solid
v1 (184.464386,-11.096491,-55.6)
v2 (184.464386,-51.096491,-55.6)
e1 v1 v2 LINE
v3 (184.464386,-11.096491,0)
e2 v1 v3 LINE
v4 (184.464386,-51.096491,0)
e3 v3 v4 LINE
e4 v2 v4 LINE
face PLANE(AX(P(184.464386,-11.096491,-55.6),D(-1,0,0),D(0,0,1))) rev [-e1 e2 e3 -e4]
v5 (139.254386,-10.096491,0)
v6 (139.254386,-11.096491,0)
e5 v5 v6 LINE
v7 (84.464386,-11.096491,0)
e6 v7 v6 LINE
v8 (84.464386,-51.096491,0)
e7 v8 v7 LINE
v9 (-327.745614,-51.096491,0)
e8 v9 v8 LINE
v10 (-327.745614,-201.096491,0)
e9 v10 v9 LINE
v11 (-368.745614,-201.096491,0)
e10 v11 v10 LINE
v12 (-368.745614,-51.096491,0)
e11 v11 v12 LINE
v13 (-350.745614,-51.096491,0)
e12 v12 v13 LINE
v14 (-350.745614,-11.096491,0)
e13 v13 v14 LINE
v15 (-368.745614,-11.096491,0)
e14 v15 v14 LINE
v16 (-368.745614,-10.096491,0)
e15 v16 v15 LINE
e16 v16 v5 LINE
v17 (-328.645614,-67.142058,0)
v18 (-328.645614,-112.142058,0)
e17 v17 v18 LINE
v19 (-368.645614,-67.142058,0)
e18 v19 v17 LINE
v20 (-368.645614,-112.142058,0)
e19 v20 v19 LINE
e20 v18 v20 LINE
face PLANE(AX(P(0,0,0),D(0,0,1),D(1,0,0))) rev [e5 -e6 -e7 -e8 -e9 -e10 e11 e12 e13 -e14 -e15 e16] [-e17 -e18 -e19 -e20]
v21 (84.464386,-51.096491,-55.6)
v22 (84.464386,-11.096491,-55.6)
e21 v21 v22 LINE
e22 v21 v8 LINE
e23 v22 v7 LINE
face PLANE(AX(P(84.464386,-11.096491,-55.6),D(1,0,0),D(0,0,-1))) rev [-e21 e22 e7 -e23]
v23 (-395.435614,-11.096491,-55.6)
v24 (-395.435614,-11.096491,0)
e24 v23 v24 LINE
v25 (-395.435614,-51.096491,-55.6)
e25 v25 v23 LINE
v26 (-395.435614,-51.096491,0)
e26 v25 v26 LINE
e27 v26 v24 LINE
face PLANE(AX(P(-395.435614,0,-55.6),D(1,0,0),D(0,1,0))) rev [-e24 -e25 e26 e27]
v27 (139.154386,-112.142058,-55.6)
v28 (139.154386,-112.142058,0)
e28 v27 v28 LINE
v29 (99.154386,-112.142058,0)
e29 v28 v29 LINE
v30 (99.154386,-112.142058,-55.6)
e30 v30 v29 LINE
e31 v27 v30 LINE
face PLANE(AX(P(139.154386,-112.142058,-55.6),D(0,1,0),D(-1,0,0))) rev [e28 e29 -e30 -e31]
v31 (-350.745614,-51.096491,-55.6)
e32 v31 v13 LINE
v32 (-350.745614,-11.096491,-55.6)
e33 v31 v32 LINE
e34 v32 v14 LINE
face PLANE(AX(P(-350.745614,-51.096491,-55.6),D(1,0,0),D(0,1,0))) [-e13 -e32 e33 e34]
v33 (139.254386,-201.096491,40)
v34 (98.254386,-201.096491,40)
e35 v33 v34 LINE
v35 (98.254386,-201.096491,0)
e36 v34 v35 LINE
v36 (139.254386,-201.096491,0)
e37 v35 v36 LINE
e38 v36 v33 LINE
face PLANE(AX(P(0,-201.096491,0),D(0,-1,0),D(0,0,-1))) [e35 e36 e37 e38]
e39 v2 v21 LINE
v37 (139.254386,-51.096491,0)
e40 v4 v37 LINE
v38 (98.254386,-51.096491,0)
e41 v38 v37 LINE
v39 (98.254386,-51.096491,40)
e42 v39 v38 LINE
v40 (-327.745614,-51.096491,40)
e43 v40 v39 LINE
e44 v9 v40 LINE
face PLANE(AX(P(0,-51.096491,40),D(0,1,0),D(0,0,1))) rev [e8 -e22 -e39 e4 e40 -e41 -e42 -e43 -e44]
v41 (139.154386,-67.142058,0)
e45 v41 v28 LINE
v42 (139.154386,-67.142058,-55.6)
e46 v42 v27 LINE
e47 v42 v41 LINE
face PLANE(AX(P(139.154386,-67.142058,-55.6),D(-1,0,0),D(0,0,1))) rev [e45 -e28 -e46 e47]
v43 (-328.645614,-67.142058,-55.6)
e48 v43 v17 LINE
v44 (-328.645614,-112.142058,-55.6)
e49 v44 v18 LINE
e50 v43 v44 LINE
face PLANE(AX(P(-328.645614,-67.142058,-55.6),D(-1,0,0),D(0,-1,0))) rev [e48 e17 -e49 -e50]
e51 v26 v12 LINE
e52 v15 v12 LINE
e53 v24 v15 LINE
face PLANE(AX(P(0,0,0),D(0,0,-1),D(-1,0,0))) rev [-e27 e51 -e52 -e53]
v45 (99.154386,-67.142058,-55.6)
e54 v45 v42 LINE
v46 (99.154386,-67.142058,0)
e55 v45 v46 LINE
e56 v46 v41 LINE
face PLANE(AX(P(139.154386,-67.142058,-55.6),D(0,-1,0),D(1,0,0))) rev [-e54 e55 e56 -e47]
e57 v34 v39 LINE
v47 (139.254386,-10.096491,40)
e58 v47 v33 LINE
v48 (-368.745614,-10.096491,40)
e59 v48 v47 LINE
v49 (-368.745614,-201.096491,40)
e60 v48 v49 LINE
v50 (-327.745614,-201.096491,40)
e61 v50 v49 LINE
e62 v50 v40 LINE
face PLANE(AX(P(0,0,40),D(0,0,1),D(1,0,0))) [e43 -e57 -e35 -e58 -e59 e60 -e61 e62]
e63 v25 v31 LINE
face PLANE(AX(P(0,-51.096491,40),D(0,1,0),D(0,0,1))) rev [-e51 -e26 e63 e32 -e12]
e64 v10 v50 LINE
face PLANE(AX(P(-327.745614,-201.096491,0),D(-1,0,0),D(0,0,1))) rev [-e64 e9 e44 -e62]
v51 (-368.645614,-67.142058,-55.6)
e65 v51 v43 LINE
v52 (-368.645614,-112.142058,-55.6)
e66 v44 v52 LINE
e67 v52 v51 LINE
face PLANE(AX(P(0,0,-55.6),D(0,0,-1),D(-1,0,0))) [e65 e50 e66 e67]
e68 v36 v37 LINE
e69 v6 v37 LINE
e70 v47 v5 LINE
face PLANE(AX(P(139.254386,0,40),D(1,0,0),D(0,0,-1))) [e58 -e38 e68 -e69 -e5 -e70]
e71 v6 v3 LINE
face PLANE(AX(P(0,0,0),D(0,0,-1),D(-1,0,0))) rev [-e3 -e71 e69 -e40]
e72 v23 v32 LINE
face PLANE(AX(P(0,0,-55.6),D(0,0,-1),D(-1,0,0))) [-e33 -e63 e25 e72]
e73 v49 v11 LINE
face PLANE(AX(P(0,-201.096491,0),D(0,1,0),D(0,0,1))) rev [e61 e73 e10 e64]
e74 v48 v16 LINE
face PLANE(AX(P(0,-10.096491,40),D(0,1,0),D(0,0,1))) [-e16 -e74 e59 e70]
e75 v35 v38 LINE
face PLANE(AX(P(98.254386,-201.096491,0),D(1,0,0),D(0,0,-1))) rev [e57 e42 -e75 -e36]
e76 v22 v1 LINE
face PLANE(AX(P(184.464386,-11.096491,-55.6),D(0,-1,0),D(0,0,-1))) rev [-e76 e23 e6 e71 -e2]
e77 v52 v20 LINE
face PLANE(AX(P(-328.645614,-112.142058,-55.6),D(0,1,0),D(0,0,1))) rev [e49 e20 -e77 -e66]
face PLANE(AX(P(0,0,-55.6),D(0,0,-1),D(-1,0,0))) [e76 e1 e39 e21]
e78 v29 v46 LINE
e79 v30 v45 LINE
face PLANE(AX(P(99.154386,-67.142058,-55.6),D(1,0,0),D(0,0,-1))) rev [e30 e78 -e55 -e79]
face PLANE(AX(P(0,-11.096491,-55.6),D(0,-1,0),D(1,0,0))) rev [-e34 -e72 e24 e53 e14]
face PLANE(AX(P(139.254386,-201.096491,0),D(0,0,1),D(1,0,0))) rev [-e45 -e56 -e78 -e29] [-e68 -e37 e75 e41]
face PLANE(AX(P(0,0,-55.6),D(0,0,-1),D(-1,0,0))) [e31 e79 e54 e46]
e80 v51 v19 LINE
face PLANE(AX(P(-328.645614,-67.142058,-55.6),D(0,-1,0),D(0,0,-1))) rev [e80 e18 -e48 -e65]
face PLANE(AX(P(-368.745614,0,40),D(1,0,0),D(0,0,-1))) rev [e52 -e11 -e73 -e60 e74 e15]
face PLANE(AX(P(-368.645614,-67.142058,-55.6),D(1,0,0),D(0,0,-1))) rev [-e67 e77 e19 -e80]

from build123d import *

# Parameters (mm, degrees)
SKETCH2_W           = 254
SKETCH2_H           = 41
BOSS_EXTRUDE1_DEPTH = 40
SKETCH3_W           = 44.69
SKETCH3_H           = 40
BOSS_EXTRUDE6_DEPTH = 55.6
SKETCH7_W           = 100
SKETCH7_H           = 40
BOSS_EXTRUDE7_DEPTH = 55.6
SKETCH8_W           = 41
SKETCH8_H           = 40
BOSS_EXTRUDE8_DEPTH = 150
SKETCH9_W           = 40
SKETCH9_H           = 45
BOSS_EXTRUDE9_DEPTH = 55.6


with BuildPart() as part:
    # Sketch2 → Boss-Extrude1 (new body)
    with BuildSketch(Plane.XY):
        with Locations((-241.745614035, -30.596491228)):
            Rectangle(SKETCH2_W, SKETCH2_H)
        with Locations((12.254385965, -30.596491228)):
            Rectangle(SKETCH2_W, SKETCH2_H)
    extrude(amount=BOSS_EXTRUDE1_DEPTH)

    # Sketch3 → Boss-Extrude6 (add)
    with BuildSketch(Plane(origin=(0, 0, 0), x_dir=(-1, 0, 0), z_dir=(0, 0, -1))):
        with Locations((373.090614035, -31.096491228)):
            Rectangle(SKETCH3_W, SKETCH3_H)
    extrude(amount=BOSS_EXTRUDE6_DEPTH)

    # Sketch7 → Boss-Extrude7 (add)
    with BuildSketch(Plane(origin=(0, 0, 0), x_dir=(-1, 0, 0), z_dir=(0, 0, -1))):
        with Locations((-134.464385965, -31.096491228)):
            Rectangle(SKETCH7_W, SKETCH7_H)
    extrude(amount=BOSS_EXTRUDE7_DEPTH)

    # Sketch8 → Boss-Extrude8 (add)
    with BuildSketch(Plane.XZ.offset(51.096491228)):
        with Locations((118.754385965, 20)):
            Rectangle(SKETCH8_W, SKETCH8_H)
        with Locations((-348.245614035, 20)):
            Rectangle(SKETCH8_W, SKETCH8_H)
    extrude(amount=BOSS_EXTRUDE8_DEPTH)

    # Sketch9 → Boss-Extrude9 (add)
    with BuildSketch(Plane(origin=(0, 0, 0), x_dir=(-1, 0, 0), z_dir=(0, 0, -1))):
        with Locations((-119.154385965, -89.642057698)):
            Rectangle(SKETCH9_W, SKETCH9_H)
        with Locations((348.645614035, -89.642057698)):
            Rectangle(SKETCH9_W, SKETCH9_H)
    extrude(amount=BOSS_EXTRUDE9_DEPTH)


solid = part.part
